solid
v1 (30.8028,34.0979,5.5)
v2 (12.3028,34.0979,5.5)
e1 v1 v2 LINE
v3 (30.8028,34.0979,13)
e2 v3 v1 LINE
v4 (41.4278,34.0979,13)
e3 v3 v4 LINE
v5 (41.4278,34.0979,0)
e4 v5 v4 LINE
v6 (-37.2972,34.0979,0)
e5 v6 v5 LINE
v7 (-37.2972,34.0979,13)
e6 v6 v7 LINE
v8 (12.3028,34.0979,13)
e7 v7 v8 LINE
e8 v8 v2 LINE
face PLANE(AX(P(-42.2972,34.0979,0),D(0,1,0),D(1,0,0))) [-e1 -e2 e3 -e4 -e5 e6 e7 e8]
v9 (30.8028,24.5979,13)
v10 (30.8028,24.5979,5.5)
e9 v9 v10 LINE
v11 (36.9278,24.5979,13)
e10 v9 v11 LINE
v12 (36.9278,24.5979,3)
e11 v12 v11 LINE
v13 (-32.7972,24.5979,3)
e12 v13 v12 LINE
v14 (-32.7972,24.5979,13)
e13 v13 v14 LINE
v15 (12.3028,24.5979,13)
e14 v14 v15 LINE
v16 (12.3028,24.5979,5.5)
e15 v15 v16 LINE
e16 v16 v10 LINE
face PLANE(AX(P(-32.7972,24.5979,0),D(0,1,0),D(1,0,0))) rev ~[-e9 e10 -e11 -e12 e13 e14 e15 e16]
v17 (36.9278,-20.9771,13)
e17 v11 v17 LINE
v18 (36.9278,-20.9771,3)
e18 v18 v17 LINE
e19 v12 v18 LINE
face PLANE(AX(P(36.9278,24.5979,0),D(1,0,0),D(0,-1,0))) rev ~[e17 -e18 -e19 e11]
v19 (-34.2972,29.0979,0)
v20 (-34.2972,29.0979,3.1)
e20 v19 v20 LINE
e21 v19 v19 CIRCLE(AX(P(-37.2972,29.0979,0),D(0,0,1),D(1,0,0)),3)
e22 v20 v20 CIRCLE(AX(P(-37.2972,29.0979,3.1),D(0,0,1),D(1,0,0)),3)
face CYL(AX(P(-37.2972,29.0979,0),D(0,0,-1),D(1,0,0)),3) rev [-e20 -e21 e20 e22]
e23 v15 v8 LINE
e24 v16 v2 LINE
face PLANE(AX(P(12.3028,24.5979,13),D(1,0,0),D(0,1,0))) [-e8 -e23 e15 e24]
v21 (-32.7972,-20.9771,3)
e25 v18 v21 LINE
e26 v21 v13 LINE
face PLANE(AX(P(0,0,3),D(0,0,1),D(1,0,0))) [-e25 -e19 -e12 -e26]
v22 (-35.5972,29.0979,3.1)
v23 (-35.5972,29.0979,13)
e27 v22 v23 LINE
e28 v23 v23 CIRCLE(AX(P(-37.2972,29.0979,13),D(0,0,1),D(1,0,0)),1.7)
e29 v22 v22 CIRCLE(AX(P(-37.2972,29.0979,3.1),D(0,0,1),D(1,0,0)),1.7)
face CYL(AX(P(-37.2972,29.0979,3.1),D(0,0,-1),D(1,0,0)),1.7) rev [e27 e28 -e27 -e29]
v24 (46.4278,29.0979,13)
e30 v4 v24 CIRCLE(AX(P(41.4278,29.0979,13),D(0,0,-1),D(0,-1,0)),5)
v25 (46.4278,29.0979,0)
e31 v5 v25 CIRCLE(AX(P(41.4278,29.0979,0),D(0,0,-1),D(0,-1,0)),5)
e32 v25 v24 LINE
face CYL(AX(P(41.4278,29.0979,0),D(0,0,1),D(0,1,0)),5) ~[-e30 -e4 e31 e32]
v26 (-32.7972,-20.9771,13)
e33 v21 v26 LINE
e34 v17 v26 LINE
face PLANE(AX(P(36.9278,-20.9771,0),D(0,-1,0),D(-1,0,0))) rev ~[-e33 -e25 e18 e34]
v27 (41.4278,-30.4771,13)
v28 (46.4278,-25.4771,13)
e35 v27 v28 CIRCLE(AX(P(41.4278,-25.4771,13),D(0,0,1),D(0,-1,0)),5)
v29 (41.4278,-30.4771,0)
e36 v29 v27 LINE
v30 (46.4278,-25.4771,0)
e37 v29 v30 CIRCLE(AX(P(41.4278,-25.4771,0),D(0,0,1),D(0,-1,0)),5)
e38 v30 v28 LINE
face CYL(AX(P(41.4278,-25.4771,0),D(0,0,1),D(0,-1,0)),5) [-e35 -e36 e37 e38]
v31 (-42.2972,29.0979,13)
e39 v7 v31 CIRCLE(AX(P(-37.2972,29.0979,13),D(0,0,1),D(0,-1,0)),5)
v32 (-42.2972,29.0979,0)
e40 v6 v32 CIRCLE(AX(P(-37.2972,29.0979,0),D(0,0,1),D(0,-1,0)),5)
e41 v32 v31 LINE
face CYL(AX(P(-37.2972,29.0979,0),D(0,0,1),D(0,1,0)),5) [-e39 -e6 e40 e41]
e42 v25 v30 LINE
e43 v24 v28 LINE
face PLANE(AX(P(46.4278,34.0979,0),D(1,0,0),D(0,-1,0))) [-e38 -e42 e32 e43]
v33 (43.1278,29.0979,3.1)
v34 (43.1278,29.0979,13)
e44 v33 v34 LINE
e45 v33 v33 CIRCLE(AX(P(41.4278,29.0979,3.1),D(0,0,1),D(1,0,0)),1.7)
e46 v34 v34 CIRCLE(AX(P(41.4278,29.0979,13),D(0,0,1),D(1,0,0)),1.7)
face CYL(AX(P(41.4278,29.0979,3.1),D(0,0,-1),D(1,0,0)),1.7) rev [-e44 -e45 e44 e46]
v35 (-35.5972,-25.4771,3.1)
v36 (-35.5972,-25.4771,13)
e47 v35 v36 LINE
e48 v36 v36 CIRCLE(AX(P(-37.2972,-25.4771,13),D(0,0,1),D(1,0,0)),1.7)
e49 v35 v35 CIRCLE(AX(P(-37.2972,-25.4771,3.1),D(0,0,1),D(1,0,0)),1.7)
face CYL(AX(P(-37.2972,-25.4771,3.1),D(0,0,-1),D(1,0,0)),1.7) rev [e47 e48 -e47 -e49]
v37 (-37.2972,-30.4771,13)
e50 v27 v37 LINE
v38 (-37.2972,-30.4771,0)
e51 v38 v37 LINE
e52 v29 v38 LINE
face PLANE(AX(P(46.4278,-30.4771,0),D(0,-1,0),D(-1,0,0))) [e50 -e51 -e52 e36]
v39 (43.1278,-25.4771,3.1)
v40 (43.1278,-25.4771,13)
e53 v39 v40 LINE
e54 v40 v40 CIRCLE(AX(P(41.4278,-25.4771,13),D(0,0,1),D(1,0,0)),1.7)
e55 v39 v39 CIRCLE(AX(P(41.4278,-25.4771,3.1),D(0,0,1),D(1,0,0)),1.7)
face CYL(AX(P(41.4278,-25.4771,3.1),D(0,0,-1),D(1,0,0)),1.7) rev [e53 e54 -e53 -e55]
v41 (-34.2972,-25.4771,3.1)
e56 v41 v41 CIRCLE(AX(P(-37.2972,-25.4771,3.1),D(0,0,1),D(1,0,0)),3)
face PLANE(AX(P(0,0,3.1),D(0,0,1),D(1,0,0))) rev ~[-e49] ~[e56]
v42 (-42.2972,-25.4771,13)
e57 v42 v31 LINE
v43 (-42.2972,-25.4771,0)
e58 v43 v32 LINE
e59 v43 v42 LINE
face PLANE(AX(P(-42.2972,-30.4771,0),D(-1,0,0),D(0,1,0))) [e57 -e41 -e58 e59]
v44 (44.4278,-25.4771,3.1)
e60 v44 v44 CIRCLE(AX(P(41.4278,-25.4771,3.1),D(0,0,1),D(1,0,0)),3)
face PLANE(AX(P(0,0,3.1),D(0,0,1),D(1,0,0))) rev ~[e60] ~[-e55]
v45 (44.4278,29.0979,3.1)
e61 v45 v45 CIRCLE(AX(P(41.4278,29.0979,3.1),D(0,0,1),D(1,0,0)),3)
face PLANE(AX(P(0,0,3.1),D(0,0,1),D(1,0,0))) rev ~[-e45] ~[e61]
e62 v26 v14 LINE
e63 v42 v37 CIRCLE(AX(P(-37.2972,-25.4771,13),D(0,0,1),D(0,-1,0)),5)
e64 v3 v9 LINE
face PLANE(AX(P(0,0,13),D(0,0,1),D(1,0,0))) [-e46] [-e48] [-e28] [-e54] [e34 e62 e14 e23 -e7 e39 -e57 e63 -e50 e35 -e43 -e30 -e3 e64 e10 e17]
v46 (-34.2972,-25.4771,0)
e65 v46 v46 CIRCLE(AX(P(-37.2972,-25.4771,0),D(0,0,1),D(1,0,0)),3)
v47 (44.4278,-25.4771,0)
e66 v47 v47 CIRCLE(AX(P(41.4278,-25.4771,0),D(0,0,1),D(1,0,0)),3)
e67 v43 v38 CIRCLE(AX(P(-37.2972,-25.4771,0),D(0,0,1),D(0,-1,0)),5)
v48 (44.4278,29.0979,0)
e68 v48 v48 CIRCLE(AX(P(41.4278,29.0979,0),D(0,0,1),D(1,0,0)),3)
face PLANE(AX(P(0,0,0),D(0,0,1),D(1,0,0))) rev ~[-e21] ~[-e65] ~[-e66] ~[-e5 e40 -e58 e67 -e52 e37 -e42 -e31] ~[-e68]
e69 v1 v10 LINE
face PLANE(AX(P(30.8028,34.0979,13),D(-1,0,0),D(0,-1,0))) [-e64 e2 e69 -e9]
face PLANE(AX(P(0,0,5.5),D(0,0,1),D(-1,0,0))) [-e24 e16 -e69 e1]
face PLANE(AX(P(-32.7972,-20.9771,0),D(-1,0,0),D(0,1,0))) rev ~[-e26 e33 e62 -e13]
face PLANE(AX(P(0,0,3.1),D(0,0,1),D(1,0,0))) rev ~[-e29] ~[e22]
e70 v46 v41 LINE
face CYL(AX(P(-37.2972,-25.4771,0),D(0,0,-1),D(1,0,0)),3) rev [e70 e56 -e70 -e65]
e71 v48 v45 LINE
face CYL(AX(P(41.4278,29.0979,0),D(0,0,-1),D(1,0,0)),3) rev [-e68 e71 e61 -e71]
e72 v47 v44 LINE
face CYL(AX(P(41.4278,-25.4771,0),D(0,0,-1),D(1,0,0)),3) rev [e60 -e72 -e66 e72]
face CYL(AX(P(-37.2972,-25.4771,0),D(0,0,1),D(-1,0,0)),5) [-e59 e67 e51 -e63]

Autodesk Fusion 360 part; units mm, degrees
sketch "Sketch1" plane through (0, 0, 0) normal (0, 0, 1) x (1, 0, 0)
  line L0 (-32.7972, 24.5979) -> (36.9278, 24.5979)
  line L1 (36.9278, 24.5979) -> (36.9278, -20.9771)
  line L2 (36.9278, -20.9771) -> (-32.7972, -20.9771)
  line L3 (-32.7972, -20.9771) -> (-32.7972, 24.5979)
  line L4 (-42.2972, 34.0979) -> (46.4278, 34.0979)
  line L5 (46.4278, 34.0979) -> (46.4278, -30.4771)
  line L6 (46.4278, -30.4771) -> (-42.2972, -30.4771)
  line L7 (-42.2972, -30.4771) -> (-42.2972, 34.0979)
  circle A0 centre (-37.2972, 29.0979) radius 1.7
  circle A1 centre (-37.2972, 29.0979) radius 3
  circle A2 centre (41.4278, 29.0979) radius 1.7
  circle A3 centre (41.4278, 29.0979) radius 3
  circle A4 centre (41.4278, -25.4771) radius 1.7
  circle A5 centre (41.4278, -25.4771) radius 3
  circle A6 centre (-37.2972, -25.4771) radius 1.7
  circle A7 centre (-37.2972, -25.4771) radius 3
  dimension "d14" = 6
  dimension "d18" = 6
  dimension "d22" = 6
extrude "Extrude1" add sketch "Sketch1" along normal blind 9.9 from surface at 3.1 contours A1 | A3 | A5 | A7 makes body 1 at (44.424, 28.9484, 9.7) makes body 2 at (-34.301, -25.6266, 9.7) makes body 3 at (-34.301, 28.9484, 9.7) makes body 4 at (44.424, -25.6266, 9.7)
extrude "Extrude2" add sketch "Sketch1" along normal blind 13 contours L4 L5 L6 L7 bodies 1 2 3 4
extrude "Extrude3" add sketch "Sketch1" along normal blind 3 contours L0 L1 L2 L3 bodies 1
sketch "Sketch2" plane through (0, 0, 13) normal (0, 0, 1) x (-1, 0, 0)
  circle A0 centre (-41.4278, -29.0979) radius 1.7
  circle A1 centre (-41.4278, 25.4771) radius 1.7
  line L0 (-36.9278, 20.9771) -> (32.7972, 20.9771)
  line L1 (32.7972, 20.9771) -> (32.7972, -24.5979)
  line L2 (32.7972, -24.5979) -> (-36.9278, -24.5979)
  line L3 (-36.9278, -24.5979) -> (-36.9278, 20.9771)
  line L4 (42.2972, 30.4771) -> (-46.4278, 30.4771)
  line L5 (-46.4278, 30.4771) -> (-46.4278, -34.0979)
  line L6 (-46.4278, -34.0979) -> (42.2972, -34.0979)
  line L7 (42.2972, -34.0979) -> (42.2972, 30.4771)
  circle A2 centre (37.2972, 25.4771) radius 1.7
  circle A3 centre (37.2972, -29.0979) radius 1.7
  line L8 (-12.3028, -34.0979) -> (-30.8028, -34.0979)
  line L9 (-30.8028, -34.0979) -> (-30.8028, -24.5979)
  line L10 (-30.8028, -24.5979) -> (-12.3028, -24.5979)
  line L11 (-12.3028, -24.5979) -> (-12.3028, -34.0979)
  line L12 (42.2972, 30.4771) -> (42.2972, -34.0979)
  dimension "d30" = 18.5
  dimension "d31" = 54.6
extrude "Extrude4" cut sketch "Sketch2" against normal blind 7.5 contours L2 L6 L8 L9 L10 L11 bodies 1
fillet "Fillet1" radius 5 4 edges at (-42.2972, -30.4771, 6.5) (-42.2972, 34.0979, 6.5) (46.4278, -30.4771, 6.5) (46.4278, 34.0979, 6.5) on bodies 1
